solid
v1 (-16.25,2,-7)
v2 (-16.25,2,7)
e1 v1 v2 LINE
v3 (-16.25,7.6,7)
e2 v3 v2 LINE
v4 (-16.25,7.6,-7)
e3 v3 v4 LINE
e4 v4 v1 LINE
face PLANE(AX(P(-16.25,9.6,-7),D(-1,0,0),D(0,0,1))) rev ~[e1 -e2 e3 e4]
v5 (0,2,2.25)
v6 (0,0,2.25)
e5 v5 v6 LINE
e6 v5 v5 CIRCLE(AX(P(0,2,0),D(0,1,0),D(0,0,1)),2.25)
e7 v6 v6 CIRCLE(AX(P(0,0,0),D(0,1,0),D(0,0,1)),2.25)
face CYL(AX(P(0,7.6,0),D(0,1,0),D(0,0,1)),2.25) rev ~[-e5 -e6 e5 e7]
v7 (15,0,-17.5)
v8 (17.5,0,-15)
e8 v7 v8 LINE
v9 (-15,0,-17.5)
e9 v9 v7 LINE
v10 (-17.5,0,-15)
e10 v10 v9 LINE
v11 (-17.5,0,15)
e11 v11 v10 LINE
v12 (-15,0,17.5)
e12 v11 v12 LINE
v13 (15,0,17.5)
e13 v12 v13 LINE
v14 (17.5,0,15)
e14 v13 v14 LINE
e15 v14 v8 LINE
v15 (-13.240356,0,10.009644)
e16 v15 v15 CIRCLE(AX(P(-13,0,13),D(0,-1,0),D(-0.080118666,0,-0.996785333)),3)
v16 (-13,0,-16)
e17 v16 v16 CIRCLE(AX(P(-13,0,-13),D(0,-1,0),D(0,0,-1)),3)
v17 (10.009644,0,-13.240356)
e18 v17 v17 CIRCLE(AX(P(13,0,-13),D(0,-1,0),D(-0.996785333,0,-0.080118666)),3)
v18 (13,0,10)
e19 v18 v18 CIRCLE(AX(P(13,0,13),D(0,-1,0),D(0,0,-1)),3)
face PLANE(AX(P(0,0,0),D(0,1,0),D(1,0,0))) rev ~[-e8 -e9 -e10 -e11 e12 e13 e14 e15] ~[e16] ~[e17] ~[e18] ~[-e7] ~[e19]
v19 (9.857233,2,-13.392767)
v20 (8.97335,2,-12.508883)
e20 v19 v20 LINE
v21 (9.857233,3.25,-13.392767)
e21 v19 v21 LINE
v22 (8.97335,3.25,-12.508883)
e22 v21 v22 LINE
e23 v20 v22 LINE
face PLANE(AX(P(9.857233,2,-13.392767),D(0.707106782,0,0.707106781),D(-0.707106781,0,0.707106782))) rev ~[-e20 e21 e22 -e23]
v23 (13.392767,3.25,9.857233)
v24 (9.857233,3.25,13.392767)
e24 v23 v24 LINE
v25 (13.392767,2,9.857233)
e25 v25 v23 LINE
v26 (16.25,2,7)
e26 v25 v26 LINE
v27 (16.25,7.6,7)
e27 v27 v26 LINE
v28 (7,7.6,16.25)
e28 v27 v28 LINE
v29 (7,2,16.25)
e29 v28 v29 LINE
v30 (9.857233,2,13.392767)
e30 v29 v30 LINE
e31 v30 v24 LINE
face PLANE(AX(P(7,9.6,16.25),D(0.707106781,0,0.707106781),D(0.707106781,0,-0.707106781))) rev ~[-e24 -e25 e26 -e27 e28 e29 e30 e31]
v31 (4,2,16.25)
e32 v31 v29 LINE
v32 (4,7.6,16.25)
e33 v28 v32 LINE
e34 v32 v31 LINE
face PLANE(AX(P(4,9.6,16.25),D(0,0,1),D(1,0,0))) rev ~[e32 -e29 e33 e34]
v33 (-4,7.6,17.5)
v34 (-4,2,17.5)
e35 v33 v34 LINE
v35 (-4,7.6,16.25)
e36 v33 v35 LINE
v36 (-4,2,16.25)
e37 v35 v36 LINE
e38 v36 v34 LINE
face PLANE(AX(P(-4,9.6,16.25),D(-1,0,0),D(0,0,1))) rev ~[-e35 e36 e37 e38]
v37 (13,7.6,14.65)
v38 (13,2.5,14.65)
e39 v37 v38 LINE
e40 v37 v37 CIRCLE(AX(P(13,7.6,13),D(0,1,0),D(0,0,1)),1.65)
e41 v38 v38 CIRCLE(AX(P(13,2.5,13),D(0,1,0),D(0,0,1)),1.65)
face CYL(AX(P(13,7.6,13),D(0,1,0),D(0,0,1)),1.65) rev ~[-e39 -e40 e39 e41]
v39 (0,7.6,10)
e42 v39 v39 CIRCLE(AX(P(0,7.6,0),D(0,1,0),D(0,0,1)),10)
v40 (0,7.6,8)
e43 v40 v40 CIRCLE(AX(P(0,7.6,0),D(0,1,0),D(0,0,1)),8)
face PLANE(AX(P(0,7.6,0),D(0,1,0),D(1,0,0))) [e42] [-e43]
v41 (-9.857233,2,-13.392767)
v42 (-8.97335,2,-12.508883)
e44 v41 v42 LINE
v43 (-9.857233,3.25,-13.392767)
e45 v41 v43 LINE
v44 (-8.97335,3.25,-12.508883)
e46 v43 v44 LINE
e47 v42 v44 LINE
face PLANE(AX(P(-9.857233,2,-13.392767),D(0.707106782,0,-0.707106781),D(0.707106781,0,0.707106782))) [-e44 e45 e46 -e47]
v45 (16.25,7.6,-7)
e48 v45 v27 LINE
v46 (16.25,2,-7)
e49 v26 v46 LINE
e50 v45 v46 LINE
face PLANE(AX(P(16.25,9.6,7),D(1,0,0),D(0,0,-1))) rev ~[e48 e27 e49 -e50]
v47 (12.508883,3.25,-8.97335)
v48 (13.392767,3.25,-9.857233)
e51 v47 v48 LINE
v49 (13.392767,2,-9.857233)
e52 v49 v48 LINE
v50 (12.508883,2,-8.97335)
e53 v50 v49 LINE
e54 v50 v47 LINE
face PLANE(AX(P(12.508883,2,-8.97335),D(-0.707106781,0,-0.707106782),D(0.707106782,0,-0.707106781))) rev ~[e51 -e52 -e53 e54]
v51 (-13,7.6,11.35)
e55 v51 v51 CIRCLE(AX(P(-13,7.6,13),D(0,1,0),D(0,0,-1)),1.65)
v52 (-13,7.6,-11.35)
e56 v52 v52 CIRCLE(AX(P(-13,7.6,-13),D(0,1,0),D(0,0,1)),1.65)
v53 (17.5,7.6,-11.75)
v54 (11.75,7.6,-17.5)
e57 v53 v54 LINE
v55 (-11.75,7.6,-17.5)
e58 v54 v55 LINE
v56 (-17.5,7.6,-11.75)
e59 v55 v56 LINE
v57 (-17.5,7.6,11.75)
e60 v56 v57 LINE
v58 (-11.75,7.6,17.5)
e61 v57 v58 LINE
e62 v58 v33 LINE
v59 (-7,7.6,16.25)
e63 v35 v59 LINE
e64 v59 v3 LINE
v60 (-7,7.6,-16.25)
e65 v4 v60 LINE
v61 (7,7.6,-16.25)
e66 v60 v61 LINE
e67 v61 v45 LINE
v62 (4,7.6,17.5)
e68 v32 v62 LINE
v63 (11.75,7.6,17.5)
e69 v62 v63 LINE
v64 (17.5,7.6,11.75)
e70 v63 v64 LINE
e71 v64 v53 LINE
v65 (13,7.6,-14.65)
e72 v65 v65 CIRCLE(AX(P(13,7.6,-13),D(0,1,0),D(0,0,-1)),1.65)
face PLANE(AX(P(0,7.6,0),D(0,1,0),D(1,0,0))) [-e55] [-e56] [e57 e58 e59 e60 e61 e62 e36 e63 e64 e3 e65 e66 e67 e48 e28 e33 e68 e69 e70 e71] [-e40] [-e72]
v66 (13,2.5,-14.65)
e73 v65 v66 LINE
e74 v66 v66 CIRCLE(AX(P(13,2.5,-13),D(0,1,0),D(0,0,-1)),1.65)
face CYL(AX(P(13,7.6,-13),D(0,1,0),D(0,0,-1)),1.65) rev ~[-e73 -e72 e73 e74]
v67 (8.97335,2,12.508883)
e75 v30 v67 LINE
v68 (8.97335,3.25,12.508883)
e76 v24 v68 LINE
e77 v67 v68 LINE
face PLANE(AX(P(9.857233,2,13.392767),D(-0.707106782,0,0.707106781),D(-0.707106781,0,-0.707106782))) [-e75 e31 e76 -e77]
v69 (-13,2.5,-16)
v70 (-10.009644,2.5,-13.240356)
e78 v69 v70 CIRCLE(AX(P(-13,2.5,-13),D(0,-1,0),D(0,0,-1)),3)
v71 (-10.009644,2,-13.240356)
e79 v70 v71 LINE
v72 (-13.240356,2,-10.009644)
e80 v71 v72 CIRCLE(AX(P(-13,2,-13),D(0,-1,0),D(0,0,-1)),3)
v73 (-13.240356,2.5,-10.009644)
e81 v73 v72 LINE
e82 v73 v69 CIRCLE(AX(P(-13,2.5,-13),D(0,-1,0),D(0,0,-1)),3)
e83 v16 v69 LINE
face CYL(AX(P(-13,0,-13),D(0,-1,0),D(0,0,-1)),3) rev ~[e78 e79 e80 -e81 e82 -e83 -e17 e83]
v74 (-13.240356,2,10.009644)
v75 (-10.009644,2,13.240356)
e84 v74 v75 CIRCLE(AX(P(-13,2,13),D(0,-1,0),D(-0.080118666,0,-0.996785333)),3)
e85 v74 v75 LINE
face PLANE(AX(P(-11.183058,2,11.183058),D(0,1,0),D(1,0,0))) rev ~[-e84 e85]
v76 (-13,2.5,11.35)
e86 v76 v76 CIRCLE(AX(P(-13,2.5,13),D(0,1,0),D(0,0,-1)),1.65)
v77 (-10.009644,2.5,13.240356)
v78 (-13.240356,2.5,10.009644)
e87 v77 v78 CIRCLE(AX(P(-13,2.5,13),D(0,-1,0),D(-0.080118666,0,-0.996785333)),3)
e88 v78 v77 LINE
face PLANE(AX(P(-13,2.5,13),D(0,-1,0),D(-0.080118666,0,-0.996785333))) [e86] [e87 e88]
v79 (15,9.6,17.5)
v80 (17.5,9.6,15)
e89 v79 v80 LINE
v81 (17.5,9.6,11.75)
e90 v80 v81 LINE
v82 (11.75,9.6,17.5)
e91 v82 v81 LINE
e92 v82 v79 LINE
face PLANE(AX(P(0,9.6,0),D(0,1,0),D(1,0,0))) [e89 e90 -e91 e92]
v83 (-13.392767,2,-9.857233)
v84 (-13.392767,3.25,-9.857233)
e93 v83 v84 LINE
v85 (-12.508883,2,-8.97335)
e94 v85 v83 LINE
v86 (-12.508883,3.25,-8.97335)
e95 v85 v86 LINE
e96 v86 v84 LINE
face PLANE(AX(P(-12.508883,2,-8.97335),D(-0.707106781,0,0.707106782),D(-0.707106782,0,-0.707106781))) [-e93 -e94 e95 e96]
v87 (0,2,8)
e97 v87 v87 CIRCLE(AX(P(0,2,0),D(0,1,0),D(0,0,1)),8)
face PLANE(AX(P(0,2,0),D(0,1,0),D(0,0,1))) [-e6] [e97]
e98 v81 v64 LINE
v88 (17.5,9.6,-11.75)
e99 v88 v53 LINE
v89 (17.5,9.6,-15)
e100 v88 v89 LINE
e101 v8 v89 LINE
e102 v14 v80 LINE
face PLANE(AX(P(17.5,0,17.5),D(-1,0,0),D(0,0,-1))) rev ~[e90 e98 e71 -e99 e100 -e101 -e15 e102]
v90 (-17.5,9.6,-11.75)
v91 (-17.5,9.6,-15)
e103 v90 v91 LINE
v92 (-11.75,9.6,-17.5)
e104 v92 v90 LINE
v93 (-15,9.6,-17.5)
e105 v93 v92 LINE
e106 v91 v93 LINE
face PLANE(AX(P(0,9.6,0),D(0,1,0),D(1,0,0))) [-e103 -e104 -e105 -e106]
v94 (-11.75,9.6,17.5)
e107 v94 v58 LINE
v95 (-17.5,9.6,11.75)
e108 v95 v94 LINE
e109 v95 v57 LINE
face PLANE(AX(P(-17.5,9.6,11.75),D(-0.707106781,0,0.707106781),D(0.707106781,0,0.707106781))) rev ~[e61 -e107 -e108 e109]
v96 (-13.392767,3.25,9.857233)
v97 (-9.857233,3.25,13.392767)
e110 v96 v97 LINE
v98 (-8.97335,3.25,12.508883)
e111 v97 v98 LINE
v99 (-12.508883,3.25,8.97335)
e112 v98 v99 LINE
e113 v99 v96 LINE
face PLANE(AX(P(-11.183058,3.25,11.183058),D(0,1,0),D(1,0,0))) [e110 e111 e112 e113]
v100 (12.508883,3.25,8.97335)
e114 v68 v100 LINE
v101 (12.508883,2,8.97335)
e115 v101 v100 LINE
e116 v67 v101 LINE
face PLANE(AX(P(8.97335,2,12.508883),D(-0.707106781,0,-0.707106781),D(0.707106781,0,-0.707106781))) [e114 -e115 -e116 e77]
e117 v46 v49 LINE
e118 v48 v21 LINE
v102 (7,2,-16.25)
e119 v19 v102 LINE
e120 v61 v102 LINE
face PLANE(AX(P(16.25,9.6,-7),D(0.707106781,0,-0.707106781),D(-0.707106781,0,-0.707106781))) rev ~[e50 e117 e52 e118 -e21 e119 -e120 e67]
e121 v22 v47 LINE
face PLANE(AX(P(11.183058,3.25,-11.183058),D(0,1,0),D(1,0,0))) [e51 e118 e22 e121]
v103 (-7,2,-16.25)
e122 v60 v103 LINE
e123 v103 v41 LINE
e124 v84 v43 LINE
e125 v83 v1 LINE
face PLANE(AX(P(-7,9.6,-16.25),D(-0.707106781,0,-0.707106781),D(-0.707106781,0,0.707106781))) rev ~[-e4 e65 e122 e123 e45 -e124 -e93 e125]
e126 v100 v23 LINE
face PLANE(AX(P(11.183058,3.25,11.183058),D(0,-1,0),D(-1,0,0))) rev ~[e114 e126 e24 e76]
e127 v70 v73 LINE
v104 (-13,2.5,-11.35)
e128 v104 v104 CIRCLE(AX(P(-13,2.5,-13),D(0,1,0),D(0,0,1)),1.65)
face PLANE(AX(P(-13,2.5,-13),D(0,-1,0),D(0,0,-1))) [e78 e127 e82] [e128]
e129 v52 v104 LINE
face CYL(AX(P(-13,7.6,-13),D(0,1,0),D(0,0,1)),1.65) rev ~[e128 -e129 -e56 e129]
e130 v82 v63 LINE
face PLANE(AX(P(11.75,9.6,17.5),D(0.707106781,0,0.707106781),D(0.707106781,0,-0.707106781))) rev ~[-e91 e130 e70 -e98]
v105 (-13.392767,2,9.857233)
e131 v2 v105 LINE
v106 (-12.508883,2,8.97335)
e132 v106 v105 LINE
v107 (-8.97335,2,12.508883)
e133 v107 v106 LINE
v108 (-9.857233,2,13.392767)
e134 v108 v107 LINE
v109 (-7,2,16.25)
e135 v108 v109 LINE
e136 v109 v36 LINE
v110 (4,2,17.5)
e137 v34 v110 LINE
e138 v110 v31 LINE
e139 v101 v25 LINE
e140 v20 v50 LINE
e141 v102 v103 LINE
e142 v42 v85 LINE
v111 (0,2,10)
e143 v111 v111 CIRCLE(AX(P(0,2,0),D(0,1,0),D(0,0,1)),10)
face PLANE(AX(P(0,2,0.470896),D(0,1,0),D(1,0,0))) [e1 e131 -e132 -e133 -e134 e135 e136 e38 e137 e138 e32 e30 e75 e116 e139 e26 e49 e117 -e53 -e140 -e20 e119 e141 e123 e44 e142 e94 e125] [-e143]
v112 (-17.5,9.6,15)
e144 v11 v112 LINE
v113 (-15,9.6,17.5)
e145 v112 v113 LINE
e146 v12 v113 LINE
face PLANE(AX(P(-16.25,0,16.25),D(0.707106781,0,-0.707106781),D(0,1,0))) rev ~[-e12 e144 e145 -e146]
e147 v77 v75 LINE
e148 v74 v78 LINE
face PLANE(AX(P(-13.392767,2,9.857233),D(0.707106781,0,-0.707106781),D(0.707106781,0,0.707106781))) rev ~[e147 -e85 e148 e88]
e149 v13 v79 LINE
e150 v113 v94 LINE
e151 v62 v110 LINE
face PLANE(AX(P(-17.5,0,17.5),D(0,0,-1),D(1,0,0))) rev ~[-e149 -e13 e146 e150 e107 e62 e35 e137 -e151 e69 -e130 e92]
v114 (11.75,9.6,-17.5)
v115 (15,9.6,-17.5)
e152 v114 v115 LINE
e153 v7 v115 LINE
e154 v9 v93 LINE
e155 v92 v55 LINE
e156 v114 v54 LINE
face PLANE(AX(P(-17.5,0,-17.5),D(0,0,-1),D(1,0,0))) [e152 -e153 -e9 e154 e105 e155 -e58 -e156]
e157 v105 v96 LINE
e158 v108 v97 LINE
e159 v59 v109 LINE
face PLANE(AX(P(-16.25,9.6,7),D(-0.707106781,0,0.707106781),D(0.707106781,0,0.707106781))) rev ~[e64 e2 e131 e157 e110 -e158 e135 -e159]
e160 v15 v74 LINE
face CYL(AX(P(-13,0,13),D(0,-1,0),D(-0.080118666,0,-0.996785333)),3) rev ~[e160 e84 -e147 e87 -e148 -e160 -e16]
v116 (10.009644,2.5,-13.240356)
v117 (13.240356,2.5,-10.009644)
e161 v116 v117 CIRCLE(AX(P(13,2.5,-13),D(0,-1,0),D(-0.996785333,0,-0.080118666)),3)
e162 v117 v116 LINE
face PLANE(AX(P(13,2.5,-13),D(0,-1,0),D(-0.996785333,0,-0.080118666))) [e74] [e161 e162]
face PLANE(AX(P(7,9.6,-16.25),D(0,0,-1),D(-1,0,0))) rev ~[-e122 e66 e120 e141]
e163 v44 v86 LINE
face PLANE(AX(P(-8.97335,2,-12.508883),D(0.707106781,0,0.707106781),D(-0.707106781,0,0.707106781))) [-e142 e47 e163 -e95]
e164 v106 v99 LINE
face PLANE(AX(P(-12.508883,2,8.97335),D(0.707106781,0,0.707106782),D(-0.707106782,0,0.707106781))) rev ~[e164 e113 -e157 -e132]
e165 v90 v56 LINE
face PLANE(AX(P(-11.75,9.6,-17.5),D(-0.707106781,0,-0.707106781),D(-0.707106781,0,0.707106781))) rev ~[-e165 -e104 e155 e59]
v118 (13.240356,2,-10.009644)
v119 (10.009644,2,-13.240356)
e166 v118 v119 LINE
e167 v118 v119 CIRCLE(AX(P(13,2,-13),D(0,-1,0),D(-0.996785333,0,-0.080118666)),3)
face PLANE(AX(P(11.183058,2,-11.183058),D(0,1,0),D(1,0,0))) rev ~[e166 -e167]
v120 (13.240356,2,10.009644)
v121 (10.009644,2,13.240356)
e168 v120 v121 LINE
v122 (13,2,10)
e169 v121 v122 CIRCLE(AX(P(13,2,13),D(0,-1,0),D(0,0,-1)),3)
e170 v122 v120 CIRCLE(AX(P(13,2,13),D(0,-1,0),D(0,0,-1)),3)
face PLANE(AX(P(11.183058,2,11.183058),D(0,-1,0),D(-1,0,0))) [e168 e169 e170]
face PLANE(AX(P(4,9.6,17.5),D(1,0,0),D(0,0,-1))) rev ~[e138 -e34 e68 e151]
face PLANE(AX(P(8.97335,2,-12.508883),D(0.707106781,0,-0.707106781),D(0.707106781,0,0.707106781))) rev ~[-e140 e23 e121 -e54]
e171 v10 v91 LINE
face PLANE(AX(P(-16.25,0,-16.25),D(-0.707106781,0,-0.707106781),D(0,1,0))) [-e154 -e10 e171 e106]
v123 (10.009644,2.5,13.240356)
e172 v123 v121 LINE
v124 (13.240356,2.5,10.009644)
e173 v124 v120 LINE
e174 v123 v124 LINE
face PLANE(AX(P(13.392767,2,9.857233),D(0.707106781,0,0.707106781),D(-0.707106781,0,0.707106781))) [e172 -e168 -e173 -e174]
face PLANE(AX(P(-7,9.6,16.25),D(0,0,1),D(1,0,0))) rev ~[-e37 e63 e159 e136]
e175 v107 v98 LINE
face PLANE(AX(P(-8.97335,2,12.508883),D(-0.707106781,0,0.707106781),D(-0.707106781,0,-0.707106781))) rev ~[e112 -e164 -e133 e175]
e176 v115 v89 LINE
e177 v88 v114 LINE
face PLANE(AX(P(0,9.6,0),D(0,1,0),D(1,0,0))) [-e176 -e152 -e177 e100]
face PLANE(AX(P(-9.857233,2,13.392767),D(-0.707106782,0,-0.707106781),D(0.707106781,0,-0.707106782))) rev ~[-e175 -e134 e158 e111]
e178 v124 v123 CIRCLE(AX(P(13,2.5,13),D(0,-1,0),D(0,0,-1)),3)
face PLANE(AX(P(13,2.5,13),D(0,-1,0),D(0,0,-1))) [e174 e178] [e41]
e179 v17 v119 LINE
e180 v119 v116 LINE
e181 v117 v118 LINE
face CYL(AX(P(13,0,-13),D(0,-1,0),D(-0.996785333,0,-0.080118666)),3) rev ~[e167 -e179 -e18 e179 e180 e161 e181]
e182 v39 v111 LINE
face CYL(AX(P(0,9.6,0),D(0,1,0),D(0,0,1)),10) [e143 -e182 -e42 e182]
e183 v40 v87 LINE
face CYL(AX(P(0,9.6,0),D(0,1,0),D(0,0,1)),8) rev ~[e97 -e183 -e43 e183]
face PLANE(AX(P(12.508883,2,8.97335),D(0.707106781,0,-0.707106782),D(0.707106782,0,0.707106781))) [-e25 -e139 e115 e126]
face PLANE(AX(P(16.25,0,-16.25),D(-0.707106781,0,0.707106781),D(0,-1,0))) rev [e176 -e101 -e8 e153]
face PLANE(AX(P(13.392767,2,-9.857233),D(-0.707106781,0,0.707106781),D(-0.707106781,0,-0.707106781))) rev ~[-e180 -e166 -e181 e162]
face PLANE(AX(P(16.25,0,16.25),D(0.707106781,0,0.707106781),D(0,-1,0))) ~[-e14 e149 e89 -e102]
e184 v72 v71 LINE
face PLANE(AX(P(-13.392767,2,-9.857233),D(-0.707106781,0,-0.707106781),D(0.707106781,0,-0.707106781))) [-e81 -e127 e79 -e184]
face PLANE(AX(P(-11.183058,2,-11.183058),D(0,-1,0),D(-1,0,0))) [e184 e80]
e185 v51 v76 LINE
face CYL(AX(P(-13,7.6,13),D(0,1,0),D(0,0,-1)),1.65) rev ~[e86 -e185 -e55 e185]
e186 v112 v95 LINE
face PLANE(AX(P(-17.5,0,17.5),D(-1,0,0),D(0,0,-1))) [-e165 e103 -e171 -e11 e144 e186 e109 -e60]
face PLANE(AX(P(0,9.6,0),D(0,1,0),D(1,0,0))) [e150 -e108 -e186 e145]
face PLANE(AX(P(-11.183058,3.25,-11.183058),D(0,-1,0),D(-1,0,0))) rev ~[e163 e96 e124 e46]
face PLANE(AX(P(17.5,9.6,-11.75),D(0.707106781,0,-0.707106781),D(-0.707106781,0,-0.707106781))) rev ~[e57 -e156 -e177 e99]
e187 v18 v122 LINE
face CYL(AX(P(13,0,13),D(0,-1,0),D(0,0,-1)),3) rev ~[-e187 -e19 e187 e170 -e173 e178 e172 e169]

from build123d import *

# Parameters (mm, degrees)
SKETCH1_W           = 35
SKETCH1_H           = 35
BOSS_EXTRUDE1_DEPTH = 9.6
SKETCH2_R           = 10
SKETCH2_R_2         = 8
CUT_EXTRUDE1_DEPTH  = 7.6
CUT_EXTRUDE2_DEPTH  = 2
CHAMFER1_SIZE       = 2.5
SKETCH4_R           = 1.65
SKETCH4_R_2         = 2.25
CUT_EXTRUDE3_DEPTH  = 26.889380062
SKETCH5_R           = 3
CUT_EXTRUDE4_DEPTH  = 2.5
BOSS_EXTRUDE3_DEPTH = 1.25


with BuildPart() as part:
    # Sketch1 → Boss-Extrude1 (new body)
    with BuildSketch(Plane(origin=(0, 0, 0), x_dir=(1, 0, 0), z_dir=(0, 1, 0))):
        Rectangle(SKETCH1_W, SKETCH1_H)
    extrude(amount=BOSS_EXTRUDE1_DEPTH)

    # Sketch2 → Cut-Extrude1 (cut)
    # profile 1 of 2: a face of its own
    with BuildSketch(Plane(origin=(0, 9.6, 0), x_dir=(1, 0, 0), z_dir=(0, 1, 0))):
        Polygon((16.25, 7), (7, 16.25), (-7, 16.25), (-16.25, 7), (-16.25, -7), (-7, -16.25), (-4, -16.25), (-4, -17.5), (4, -17.5), (4, -16.25), (7, -16.25), (16.25, -7), align=None)
        with Locations(Location((0, 0, 0), (0, 0, 270))):
            Circle(SKETCH2_R, mode=Mode.SUBTRACT)
    # profile 2 of 2: a face of its own
    with BuildSketch(Plane(origin=(0, 9.6, 0), x_dir=(1, 0, 0), z_dir=(0, 1, 0))):
        with Locations(Location((0, 0, 0), (0, 0, 270))):
            Circle(SKETCH2_R_2)
    extrude(amount=-CUT_EXTRUDE1_DEPTH, mode=Mode.SUBTRACT)

    # Sketch3 → Cut-Extrude2 (cut)
    with BuildSketch(Plane(origin=(0, 9.6, 0), x_dir=(1, 0, 0), z_dir=(0, 1, 0))):
        Polygon((11.75, 17.5), (-11.75, 17.5), (-17.5, 11.75), (-17.5, -11.75), (-11.75, -17.5), (11.75, -17.5), (17.5, -11.75), (17.5, 11.75), align=None)
    extrude(amount=-CUT_EXTRUDE2_DEPTH, mode=Mode.SUBTRACT)

    # Chamfer1
    chamfer1_edges = [part.edges().sort_by_distance(p)[0] for p in [
        (17.5, 4.8, 17.5),
        (-17.5, 4.8, 17.5),
        (-17.5, 4.8, -17.5),
        (17.5, 4.8, -17.5),
    ]]
    chamfer(chamfer1_edges, length=CHAMFER1_SIZE)

    # Sketch4 → Cut-Extrude3 (cut, through all)
    with BuildSketch(Plane(origin=(0, 7.6, 0), x_dir=(1, 0, 0), z_dir=(0, 1, 0))):
        with Locations(Location((-13, 13, 0), (0, 0, 270))):
            Circle(SKETCH4_R)
        with Locations(Location((13, 13, 0), (0, 0, 90))):
            Circle(SKETCH4_R)
        with Locations(Location((13, -13, 0), (0, 0, 270))):
            Circle(SKETCH4_R)
        with Locations(Location((-13, -13, 0), (0, 0, 90))):
            Circle(SKETCH4_R)
        with Locations(Location((0, 0, 0), (0, 0, 270))):
            Circle(SKETCH4_R_2)
    extrude(amount=-CUT_EXTRUDE3_DEPTH, mode=Mode.SUBTRACT)

    # Sketch5 → Cut-Extrude4 (cut)
    with BuildSketch(Plane.XZ):
        with Locations(Location((13, 13, 0), (0, 0, 270))):
            Circle(SKETCH5_R)
        with Locations(Location((13, -13, 0), (0, 0, 184.59538669))):
            Circle(SKETCH5_R)
        with Locations(Location((-13, -13, 0), (0, 0, 270))):
            Circle(SKETCH5_R)
        with Locations(Location((-13, 13, 0), (0, 0, 265.40461331))):
            Circle(SKETCH5_R)
    extrude(amount=-CUT_EXTRUDE4_DEPTH, mode=Mode.SUBTRACT)

    # Sketch6 → Boss-Extrude3 (add)
    with BuildSketch(Plane(origin=(0, 2, 0), x_dir=(1, 0, 0), z_dir=(0, 1, 0))):
        Polygon((13.392766953, 9.857233047), (9.857233047, 13.392766953), (8.973349571, 12.508883476), (12.508883476, 8.973349571), align=None)
        Polygon((9.857233047, -13.392766953), (8.973349571, -12.508883476), (12.508883476, -8.973349571), (13.392766953, -9.857233047), align=None)
        Polygon((-13.392766953, -9.857233047), (-9.857233047, -13.392766953), (-8.973349571, -12.508883476), (-12.508883476, -8.973349571), align=None)
        Polygon((-9.857233047, 13.392766953), (-8.973349571, 12.508883476), (-12.508883476, 8.973349571), (-13.392766953, 9.857233047), align=None)
    extrude(amount=BOSS_EXTRUDE3_DEPTH)


solid = part.part
